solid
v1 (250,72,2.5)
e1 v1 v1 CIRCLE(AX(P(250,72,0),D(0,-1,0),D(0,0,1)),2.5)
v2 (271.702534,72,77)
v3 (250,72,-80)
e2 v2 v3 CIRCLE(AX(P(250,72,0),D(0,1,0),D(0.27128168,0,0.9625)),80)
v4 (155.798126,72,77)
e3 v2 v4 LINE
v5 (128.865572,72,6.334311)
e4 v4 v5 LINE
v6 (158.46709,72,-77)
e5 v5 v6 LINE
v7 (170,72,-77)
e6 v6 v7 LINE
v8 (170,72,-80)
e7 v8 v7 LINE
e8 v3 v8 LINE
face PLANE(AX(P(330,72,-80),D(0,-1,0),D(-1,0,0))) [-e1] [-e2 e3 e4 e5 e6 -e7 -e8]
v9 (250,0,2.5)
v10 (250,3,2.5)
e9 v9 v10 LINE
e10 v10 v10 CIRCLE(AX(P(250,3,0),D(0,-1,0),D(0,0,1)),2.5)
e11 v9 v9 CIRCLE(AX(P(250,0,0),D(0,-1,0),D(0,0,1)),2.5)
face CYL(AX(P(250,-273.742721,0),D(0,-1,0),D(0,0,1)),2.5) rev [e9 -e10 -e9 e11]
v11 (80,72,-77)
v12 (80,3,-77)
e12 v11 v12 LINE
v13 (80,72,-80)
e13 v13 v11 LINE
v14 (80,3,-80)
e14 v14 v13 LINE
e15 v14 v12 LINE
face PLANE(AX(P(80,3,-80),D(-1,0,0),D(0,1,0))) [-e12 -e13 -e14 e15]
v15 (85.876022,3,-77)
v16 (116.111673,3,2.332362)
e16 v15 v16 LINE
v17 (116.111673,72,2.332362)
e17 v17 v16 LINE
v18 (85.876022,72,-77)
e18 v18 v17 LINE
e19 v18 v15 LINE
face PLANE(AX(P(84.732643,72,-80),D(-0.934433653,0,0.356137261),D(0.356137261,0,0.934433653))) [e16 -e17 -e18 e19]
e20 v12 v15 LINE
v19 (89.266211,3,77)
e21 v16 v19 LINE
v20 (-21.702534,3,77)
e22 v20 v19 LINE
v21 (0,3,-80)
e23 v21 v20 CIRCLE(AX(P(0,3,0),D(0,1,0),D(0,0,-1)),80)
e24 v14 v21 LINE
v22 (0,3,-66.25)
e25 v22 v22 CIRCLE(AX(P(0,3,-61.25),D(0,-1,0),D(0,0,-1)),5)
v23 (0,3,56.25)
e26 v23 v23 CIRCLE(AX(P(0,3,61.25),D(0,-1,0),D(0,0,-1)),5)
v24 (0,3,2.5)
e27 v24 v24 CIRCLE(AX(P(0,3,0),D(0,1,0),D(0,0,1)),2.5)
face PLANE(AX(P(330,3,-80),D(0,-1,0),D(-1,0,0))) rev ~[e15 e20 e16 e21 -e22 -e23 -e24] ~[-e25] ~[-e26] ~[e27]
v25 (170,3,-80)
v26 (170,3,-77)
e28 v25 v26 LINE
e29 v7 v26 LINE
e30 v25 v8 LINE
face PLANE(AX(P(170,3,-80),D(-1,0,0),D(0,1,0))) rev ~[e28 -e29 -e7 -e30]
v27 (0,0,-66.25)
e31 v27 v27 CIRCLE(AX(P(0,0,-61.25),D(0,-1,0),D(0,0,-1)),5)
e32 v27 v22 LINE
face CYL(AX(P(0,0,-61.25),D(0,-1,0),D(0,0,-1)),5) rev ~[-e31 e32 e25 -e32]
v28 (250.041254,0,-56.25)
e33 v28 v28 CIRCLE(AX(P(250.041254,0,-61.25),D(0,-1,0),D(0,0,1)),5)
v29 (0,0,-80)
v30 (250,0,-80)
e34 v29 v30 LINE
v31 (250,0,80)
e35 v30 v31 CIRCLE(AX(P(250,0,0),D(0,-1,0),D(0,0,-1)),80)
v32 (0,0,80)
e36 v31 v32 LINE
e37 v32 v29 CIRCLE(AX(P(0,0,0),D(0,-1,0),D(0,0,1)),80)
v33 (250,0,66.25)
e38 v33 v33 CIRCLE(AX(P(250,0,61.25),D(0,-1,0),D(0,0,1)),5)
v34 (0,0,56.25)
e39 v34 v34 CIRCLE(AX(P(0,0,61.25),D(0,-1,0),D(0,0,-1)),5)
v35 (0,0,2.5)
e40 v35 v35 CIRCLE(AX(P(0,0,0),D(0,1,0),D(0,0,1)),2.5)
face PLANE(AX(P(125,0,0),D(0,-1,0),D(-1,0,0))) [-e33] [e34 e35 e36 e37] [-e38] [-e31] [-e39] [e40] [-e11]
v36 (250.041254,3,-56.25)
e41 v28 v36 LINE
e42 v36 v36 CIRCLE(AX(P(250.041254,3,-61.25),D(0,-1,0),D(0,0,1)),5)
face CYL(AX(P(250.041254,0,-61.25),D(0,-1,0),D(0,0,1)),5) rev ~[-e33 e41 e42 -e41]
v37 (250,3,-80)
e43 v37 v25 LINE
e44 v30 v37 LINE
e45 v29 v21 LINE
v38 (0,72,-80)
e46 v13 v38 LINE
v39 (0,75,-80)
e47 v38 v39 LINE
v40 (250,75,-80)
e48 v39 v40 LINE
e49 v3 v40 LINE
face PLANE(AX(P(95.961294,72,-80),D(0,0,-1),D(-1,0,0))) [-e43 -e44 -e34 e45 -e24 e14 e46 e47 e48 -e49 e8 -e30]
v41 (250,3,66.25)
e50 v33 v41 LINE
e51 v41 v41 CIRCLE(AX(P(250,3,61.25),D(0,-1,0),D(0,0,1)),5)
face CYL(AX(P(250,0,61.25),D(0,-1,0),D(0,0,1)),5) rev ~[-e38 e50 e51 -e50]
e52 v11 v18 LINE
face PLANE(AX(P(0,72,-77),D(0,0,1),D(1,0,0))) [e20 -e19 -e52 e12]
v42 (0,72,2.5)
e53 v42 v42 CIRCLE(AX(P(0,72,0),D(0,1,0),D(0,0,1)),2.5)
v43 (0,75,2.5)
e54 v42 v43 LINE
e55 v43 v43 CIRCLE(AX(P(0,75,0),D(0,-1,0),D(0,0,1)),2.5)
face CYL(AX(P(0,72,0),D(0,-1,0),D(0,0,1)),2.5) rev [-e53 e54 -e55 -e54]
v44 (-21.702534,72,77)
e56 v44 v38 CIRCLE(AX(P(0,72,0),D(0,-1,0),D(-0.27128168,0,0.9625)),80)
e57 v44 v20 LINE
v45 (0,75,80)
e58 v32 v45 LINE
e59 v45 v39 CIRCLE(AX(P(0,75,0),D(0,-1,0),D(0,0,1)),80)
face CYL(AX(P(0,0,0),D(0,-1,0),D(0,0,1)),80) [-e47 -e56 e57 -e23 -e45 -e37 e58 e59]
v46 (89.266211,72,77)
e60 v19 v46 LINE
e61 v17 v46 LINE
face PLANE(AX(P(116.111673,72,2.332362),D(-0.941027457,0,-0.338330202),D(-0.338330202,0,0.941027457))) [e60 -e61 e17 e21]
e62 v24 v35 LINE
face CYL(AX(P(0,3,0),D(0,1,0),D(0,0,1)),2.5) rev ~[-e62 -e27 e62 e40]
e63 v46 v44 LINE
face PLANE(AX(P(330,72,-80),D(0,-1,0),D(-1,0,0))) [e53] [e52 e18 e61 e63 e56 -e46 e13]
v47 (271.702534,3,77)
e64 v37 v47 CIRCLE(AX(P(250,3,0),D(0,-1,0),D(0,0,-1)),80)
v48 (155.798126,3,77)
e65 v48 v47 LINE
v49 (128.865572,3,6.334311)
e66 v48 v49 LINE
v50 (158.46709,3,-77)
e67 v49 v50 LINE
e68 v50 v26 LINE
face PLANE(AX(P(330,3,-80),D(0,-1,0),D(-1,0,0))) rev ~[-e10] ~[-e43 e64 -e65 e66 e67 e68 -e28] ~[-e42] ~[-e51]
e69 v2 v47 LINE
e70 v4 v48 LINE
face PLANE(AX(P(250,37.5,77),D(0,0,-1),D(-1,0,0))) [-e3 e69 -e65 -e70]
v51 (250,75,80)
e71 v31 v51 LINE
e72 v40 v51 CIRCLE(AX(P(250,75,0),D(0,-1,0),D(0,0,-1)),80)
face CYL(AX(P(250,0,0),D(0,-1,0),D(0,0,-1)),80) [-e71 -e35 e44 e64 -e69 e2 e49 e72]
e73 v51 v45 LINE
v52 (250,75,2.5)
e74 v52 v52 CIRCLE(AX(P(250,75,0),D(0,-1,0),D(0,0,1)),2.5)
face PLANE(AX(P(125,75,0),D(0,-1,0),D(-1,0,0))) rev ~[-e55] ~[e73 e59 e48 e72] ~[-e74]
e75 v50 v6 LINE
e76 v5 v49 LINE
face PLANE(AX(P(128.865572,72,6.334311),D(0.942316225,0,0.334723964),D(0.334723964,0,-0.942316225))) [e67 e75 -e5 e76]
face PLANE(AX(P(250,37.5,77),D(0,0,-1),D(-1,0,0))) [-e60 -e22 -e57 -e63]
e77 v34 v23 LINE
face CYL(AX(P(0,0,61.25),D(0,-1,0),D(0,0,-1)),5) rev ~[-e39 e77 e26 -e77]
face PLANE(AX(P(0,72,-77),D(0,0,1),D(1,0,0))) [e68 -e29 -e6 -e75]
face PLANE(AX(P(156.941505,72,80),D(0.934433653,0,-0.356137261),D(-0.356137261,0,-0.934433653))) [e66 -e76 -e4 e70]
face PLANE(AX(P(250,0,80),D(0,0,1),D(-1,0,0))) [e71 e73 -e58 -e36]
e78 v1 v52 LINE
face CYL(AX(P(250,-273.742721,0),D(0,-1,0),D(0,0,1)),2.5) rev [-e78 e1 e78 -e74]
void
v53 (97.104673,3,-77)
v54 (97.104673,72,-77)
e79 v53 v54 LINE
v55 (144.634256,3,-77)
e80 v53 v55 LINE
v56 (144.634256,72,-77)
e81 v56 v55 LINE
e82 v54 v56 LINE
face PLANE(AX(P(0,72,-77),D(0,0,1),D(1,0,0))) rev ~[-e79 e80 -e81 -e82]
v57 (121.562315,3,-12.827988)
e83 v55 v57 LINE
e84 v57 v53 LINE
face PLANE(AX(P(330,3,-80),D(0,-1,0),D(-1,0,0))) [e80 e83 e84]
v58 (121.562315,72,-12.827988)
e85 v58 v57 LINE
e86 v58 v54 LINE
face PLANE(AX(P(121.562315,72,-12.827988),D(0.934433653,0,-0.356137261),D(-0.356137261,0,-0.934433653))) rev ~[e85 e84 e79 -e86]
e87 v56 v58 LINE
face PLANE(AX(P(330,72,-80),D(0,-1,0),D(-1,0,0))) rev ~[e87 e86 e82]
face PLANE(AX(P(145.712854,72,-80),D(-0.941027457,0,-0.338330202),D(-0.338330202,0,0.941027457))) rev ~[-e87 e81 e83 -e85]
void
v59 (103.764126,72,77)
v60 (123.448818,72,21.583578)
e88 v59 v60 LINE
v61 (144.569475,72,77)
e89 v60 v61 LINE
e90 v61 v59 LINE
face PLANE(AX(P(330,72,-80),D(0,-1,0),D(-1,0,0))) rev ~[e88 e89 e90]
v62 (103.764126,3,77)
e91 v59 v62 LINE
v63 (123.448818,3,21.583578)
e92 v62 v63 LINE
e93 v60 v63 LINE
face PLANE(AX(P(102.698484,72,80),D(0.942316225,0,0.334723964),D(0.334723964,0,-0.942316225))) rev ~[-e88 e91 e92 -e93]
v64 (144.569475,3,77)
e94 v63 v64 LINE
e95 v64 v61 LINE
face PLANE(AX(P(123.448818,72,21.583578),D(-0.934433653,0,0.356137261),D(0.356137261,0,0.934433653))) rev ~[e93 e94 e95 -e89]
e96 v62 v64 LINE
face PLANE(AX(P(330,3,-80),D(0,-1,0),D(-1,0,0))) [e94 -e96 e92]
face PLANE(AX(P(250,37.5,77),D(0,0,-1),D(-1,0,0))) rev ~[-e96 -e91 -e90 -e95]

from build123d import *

# Parameters (mm, degrees)
EXTRUDE_1_DEPTH                  = 75
CUT_EXTRUDE_1_DEPTH              = 69
SKETCH_4_W                       = 160
SKETCH_4_H                       = 69
CUT_EXTRUDE_2_DEPTH              = 157
SKETCH_5_R                       = 2.5
CUT_EXTRUDE_3_DEPTH              = 348.108052341
CUT_EXTRUDE_16_REACH             = 349.108
SKETCH_6_R                       = 2.5
CUT_EXTRUDE_18_REACH             = 349.743
SKETCH_8_R                       = 5
CUT_EXTRUDE_19_REACH             = 349.743
SKETCH_9_R                       = 5
CUT_EXTRUDE_20_DEPTH             = 348.742720988
CUT_EXTRUDE_20_DEPTH_BACK        = 348.742720988
SKETCH_10_R                      = 2.5
CUT_EXTRUDE_21_REACH             = 349.743
SKETCH_11_R                      = 5
CUT_EXTRUDE_21_DIRECTION_2_DEPTH = 348.742720988
EXTRUDE_2_DEPTH                  = 69


with BuildPart() as part:
    # 草图1 → 凸台-拉伸1 (new body)
    with BuildSketch(Plane(origin=(0, 0, 0), x_dir=(1, 0, 0), z_dir=(0, 1, 0))):
        with BuildLine():
            Line((0, 80), (250, 80))
            ThreePointArc((250, 80), (330, 0), (250, -80))
            Line((250, -80), (0, -80))
            ThreePointArc((0, -80), (-80, 0), (0, 80))
        make_face()
    extrude(amount=EXTRUDE_1_DEPTH)

    # 草图3 → 切除-拉伸1 (cut)
    with BuildSketch(Plane(origin=(0, 72, 0), x_dir=(1, 0, 0), z_dir=(0, 1, 0))):
        with BuildLine():
            Line((0, 77), (250, 77))
            ThreePointArc((250, 77), (327, 0), (250, -77))
            Line((250, -77), (0, -77))
            ThreePointArc((0, -77), (-77, 0), (0, 77))
        make_face()
    extrude(amount=-CUT_EXTRUDE_1_DEPTH, mode=Mode.SUBTRACT)

    # 草图4 → 切除-拉伸2 (cut)
    with BuildSketch(Plane(origin=(0, 0, -80), x_dir=(-1, 0, 0), z_dir=(0, 0, -1))):
        with Locations((0, 37.5)):
            Rectangle(SKETCH_4_W, SKETCH_4_H)
        with Locations((-250, 37.5)):
            Rectangle(SKETCH_4_W, SKETCH_4_H)
    extrude(amount=-CUT_EXTRUDE_2_DEPTH, mode=Mode.SUBTRACT)

    # 草图5 → 切除-拉伸3 (cut, through all)
    with BuildSketch(Plane(origin=(0, 3, 0), x_dir=(1, 0, 0), z_dir=(0, 1, 0))):
        with Locations(Location((0, 0, 0), (0, 0, 270))):
            Circle(SKETCH_5_R)
    extrude(amount=-CUT_EXTRUDE_3_DEPTH, mode=Mode.SUBTRACT)

    # 草图6 → 切除-拉伸16 (cut, up to next)
    with BuildSketch(Plane(origin=(0, 72, 0), x_dir=(1, 0, 0), z_dir=(0, 1, 0)), mode=Mode.PRIVATE) as cut_extrude_16_sk1:
        with Locations(Location((0, 0, 0), (0, 0, 270))):
            Circle(SKETCH_6_R)
    cut_extrude_16_tool1 = extrude(cut_extrude_16_sk1.sketch, amount=CUT_EXTRUDE_16_REACH, mode=Mode.PRIVATE) & part.part
    add(cut_extrude_16_tool1.solids().sort_by_distance((0, 72, 0))[0], mode=Mode.SUBTRACT)

    # 草图8 → 切除-拉伸18 (cut, up to next)
    with BuildSketch(Plane(origin=(0, 0, 0), x_dir=(-1, 0, 0), z_dir=(0, -1, 0)), mode=Mode.PRIVATE) as cut_extrude_18_sk1:
        with Locations(Location((0, -61.25, 0), (0, 0, 90))):
            Circle(SKETCH_8_R)
    cut_extrude_18_tool1 = extrude(cut_extrude_18_sk1.sketch, amount=-CUT_EXTRUDE_18_REACH, mode=Mode.PRIVATE) & part.part
    add(cut_extrude_18_tool1.solids().sort_by_distance((0, 0, 61.25))[0], mode=Mode.SUBTRACT)

    # 草图9 → 切除-拉伸19 (cut, up to next)
    with BuildSketch(Plane.XZ, mode=Mode.PRIVATE) as cut_extrude_19_sk1:
        with Locations(Location((0, -61.25, 0), (0, 0, 270))):
            Circle(SKETCH_9_R)
    cut_extrude_19_tool1 = extrude(cut_extrude_19_sk1.sketch, amount=-CUT_EXTRUDE_19_REACH, mode=Mode.PRIVATE) & part.part
    add(cut_extrude_19_tool1.solids().sort_by_distance((0, 0, -61.25))[0], mode=Mode.SUBTRACT)

    # 草图10 → 切除-拉伸20 (cut, two sides: drawn at the far end of the back side and taken through both)
    with BuildSketch(Plane(origin=(0, 75, 0), x_dir=(1, 0, 0), z_dir=(0, 1, 0)).offset(-CUT_EXTRUDE_20_DEPTH_BACK)):
        with Locations(Location((250, 0, 0), (0, 0, 270))):
            Circle(SKETCH_10_R)
    extrude(amount=CUT_EXTRUDE_20_DEPTH + CUT_EXTRUDE_20_DEPTH_BACK, mode=Mode.SUBTRACT)

    # 草图11 → 切除-拉伸21 (cut, up to next)
    with BuildSketch(Plane.XZ, mode=Mode.PRIVATE) as cut_extrude_21_sk1:
        with Locations(Location((250, 61.25, 0), (0, 0, 90))):
            Circle(SKETCH_11_R)
    cut_extrude_21_tool1 = extrude(cut_extrude_21_sk1.sketch, amount=-CUT_EXTRUDE_21_REACH, mode=Mode.PRIVATE) & part.part
    # 草图11 → 切除-拉伸21 (cut, up to next)
    with BuildSketch(Plane.XZ, mode=Mode.PRIVATE) as cut_extrude_21_sk2:
        with Locations(Location((250.041254048, -61.25, 0), (0, 0, 90))):
            Circle(SKETCH_11_R)
    cut_extrude_21_tool2 = extrude(cut_extrude_21_sk2.sketch, amount=-CUT_EXTRUDE_21_REACH, mode=Mode.PRIVATE) & part.part
    add(cut_extrude_21_tool1.solids().sort_by_distance((250, 0, 61.25))[0], mode=Mode.SUBTRACT)
    add(cut_extrude_21_tool2.solids().sort_by_distance((250.041254, 0, -61.25))[0], mode=Mode.SUBTRACT)

    # 草图11 → 切除-拉伸21 direction 2 (cut)
    with BuildSketch(Plane.XZ):
        with Locations(Location((250, 61.25, 0), (0, 0, 90))):
            Circle(SKETCH_11_R)
        with Locations(Location((250.041254048, -61.25, 0), (0, 0, 90))):
            Circle(SKETCH_11_R)
    extrude(amount=CUT_EXTRUDE_21_DIRECTION_2_DEPTH, mode=Mode.SUBTRACT)

    # 草图12 → 凸台-拉伸2 (add)
    with BuildSketch(Plane(origin=(0, 72, 0), x_dir=(1, 0, 0), z_dir=(0, 1, 0))):
        Polygon((84.732642754, 80), (116.111672897, -2.332361516), (88.187612247, -80), (102.698484118, -80), (123.448818124, -21.583577713), (145.712854307, -80), (156.94150516, -80), (128.865571981, -6.33431085), (159.53273228, 80), (145.712854307, 80), (121.562315366, 12.827988338), (95.961293606, 80), align=None)
    extrude(amount=-EXTRUDE_2_DEPTH)


solid = part.part
